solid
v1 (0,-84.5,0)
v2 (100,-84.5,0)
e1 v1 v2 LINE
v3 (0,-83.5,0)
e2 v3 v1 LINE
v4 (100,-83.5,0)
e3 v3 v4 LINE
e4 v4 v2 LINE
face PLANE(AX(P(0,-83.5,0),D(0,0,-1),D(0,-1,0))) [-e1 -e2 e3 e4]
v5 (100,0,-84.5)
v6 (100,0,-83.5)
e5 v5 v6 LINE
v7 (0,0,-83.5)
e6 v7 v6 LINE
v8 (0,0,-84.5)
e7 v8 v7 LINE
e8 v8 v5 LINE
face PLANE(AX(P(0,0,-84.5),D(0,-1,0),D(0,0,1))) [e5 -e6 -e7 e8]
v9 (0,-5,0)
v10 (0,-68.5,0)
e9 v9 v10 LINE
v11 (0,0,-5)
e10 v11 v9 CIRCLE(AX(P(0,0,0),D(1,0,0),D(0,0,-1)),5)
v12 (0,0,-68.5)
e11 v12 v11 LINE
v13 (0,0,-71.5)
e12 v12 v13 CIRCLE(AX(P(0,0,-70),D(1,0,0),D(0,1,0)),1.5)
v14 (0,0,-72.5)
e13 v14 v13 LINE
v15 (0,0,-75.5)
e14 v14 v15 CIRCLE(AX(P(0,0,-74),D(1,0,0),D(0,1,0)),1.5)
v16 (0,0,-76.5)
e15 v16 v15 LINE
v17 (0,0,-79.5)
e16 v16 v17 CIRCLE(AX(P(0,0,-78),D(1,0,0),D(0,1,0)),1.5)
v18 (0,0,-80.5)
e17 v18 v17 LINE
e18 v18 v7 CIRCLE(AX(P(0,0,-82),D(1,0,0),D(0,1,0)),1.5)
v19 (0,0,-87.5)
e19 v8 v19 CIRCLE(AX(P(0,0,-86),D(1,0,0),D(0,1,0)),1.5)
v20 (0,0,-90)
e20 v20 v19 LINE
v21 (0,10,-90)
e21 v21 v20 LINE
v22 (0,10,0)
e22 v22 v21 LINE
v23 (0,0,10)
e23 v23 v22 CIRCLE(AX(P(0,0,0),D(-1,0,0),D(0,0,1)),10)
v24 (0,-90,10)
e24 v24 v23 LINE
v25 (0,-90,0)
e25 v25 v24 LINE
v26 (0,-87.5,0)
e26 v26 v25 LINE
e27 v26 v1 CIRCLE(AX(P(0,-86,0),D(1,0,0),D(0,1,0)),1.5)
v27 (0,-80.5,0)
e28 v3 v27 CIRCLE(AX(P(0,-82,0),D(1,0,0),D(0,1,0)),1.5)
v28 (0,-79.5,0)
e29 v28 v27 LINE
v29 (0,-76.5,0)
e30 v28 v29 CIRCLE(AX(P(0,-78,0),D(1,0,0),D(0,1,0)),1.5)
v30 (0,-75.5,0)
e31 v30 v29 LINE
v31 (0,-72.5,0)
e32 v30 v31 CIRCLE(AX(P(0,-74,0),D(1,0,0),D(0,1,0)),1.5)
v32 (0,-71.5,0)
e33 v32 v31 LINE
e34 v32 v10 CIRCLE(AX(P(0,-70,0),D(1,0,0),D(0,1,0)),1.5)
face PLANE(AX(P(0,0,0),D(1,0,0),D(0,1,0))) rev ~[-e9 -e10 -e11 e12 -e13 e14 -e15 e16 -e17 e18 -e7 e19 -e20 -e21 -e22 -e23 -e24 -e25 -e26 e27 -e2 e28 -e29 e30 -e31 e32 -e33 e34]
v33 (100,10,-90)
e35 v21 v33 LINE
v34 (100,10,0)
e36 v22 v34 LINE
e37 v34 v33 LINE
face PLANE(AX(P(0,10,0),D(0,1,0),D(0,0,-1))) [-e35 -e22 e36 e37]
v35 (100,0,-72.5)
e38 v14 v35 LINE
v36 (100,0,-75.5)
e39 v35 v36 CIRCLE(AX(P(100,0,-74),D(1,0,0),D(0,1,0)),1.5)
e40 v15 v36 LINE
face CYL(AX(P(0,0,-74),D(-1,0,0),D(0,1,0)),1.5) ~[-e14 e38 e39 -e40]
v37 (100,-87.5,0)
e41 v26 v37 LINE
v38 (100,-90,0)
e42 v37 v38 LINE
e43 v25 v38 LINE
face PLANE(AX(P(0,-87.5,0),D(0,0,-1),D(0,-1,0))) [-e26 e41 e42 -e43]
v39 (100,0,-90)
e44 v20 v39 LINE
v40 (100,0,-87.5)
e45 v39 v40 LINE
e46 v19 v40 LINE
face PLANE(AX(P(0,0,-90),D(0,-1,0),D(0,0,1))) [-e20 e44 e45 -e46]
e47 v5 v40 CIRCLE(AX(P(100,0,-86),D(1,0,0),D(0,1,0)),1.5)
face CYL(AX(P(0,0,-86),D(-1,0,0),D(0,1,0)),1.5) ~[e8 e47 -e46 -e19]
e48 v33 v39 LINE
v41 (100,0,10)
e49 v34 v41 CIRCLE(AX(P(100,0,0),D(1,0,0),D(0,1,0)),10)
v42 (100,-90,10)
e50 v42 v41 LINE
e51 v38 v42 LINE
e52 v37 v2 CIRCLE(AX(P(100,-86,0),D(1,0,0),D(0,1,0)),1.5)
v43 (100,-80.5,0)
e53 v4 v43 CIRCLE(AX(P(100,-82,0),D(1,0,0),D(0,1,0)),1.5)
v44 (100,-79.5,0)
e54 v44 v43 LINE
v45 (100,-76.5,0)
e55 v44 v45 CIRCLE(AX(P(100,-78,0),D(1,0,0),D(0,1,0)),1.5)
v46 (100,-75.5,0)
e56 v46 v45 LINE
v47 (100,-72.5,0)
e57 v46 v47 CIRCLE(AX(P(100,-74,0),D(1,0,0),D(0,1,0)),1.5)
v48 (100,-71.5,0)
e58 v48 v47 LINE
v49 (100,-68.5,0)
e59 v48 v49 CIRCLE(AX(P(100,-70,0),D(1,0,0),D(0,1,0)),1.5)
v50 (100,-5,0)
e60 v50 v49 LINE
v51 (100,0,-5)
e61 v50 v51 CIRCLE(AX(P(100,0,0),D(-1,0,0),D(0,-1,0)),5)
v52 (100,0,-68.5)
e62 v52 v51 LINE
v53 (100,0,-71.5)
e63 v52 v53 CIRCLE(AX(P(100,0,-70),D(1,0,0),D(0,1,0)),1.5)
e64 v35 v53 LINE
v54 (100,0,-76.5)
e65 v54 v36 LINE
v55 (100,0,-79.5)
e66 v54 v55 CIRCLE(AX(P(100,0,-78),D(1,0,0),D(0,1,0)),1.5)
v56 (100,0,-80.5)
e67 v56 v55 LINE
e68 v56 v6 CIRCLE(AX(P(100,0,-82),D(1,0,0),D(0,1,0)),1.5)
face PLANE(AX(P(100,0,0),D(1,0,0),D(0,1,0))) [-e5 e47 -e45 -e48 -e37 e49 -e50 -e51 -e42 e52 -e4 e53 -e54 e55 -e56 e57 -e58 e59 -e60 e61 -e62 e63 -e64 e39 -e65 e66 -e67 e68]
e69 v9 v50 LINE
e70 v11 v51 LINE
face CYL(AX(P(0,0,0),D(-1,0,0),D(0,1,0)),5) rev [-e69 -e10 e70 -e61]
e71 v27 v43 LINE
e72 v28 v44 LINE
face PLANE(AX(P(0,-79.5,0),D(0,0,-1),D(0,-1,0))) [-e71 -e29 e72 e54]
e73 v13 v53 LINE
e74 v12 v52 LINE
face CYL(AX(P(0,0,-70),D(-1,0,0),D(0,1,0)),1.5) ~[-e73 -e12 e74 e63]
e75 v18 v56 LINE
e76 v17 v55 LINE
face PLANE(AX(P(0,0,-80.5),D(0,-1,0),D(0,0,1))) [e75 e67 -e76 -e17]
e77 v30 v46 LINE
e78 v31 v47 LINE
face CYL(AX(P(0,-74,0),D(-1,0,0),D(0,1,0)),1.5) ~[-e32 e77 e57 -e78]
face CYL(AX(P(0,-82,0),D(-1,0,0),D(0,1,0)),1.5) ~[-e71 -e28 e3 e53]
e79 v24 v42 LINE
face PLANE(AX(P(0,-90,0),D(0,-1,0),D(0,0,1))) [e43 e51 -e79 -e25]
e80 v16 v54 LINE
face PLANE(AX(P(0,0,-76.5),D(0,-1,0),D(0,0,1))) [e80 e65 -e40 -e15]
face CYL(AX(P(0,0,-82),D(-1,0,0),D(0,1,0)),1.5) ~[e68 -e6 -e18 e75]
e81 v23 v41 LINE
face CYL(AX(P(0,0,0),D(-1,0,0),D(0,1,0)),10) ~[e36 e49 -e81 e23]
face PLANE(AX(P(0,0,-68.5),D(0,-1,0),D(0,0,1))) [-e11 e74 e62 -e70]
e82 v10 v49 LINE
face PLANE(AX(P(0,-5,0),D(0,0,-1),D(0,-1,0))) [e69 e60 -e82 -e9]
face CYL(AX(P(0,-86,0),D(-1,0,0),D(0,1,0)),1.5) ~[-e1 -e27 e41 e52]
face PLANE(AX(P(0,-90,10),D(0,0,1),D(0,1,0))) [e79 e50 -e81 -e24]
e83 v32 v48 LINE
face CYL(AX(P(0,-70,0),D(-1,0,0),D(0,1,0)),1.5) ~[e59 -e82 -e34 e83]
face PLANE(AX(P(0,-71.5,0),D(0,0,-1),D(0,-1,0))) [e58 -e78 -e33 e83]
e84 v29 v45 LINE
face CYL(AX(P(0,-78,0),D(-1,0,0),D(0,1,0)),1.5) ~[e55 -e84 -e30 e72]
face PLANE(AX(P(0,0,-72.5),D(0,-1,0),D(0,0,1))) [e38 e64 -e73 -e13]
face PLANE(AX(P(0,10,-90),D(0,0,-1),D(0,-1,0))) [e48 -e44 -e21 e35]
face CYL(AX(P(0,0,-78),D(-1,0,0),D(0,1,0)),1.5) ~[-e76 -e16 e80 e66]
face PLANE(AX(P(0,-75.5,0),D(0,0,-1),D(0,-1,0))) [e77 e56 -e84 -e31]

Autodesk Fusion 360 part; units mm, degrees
sketch "Sketch1" plane through (0, 0, 0) normal (1, 0, 0) x (0, 1, 0)
  line L0 (0, 0) -> (-166.0515, 0)
  line L1 (-166.0515, 0) -> (-166.0515, -106.0261)
  line L2 (-166.0515, -106.0261) -> (0, -106.0261)
  line L3 (0, -106.0261) -> (0, 0)
  line L4 (-90, 0) -> (-90, 10)
  line L5 (-90, 10) -> (0, 10)
  line L6 (10, 0) -> (10, -90)
  line L7 (10, -90) -> (0, -90)
  circle A0 centre (0, 0) radius 5
  arc A1 (10, 0) -> (0, 10) centre (0, 0) ccw
  circle A2 centre (-70, 0) radius 1.5
  circle A3 centre (-74, 0) radius 1.5
  circle A4 centre (-78, 0) radius 1.5
  circle A5 centre (-82, 0) radius 1.5
  circle A6 centre (-86, 0) radius 1.5
  line L8 (-86, 0) -> (-82, 0)
  line L9 (-86, 0) -> (-90, 0)
  line L10 (-82, 0) -> (-78, 0)
  line L11 (-78, 0) -> (-74, 0)
  line L12 (-74, 0) -> (-70, 0)
  line L13 (0, 0) -> (7.0711, 7.0711)
  circle A7 centre (0, -86) radius 1.5
  circle A8 centre (0, -82) radius 1.5
  circle A9 centre (0, -78) radius 1.5
  circle A10 centre (0, -74) radius 1.5
  circle A11 centre (0, -70) radius 1.5
  point P0 (10, 10)
  point P1 (-65.366, 0)
  dimension "d1" = 10
  dimension "d2" = 100
  dimension "d5" = 10
  dimension "d6" = 10
  dimension "d7" = 3
  dimension "d8" = 4
extrude "Extrude1" add sketch "Sketch1" along normal blind 100 contours L0 A2 L12 | L0 L4 L5 A0 A1 A2 A3 A4 A5 A6 L8 L9 L10 L11 L12 L13 | L0 A2 L12 | L3 L6 L7 A0 A1 L13 A7 A8 A9 A10 A11 | L0 A3 L11 L12 | L0 A3 L11 L12 | L3 A11 | L3 A11 | L0 A4 L10 L11 | L0 A4 L10 L11 | L3 A10 | L3 A10 | L0 A5 L8 L10 | L0 A5 L8 L10 | L3 A7 | L3 A7 | L0 A6 L8 L9 | L0 A6 L8 L9 | L3 A9 | L3 A9 | L3 A8 | L3 A8
